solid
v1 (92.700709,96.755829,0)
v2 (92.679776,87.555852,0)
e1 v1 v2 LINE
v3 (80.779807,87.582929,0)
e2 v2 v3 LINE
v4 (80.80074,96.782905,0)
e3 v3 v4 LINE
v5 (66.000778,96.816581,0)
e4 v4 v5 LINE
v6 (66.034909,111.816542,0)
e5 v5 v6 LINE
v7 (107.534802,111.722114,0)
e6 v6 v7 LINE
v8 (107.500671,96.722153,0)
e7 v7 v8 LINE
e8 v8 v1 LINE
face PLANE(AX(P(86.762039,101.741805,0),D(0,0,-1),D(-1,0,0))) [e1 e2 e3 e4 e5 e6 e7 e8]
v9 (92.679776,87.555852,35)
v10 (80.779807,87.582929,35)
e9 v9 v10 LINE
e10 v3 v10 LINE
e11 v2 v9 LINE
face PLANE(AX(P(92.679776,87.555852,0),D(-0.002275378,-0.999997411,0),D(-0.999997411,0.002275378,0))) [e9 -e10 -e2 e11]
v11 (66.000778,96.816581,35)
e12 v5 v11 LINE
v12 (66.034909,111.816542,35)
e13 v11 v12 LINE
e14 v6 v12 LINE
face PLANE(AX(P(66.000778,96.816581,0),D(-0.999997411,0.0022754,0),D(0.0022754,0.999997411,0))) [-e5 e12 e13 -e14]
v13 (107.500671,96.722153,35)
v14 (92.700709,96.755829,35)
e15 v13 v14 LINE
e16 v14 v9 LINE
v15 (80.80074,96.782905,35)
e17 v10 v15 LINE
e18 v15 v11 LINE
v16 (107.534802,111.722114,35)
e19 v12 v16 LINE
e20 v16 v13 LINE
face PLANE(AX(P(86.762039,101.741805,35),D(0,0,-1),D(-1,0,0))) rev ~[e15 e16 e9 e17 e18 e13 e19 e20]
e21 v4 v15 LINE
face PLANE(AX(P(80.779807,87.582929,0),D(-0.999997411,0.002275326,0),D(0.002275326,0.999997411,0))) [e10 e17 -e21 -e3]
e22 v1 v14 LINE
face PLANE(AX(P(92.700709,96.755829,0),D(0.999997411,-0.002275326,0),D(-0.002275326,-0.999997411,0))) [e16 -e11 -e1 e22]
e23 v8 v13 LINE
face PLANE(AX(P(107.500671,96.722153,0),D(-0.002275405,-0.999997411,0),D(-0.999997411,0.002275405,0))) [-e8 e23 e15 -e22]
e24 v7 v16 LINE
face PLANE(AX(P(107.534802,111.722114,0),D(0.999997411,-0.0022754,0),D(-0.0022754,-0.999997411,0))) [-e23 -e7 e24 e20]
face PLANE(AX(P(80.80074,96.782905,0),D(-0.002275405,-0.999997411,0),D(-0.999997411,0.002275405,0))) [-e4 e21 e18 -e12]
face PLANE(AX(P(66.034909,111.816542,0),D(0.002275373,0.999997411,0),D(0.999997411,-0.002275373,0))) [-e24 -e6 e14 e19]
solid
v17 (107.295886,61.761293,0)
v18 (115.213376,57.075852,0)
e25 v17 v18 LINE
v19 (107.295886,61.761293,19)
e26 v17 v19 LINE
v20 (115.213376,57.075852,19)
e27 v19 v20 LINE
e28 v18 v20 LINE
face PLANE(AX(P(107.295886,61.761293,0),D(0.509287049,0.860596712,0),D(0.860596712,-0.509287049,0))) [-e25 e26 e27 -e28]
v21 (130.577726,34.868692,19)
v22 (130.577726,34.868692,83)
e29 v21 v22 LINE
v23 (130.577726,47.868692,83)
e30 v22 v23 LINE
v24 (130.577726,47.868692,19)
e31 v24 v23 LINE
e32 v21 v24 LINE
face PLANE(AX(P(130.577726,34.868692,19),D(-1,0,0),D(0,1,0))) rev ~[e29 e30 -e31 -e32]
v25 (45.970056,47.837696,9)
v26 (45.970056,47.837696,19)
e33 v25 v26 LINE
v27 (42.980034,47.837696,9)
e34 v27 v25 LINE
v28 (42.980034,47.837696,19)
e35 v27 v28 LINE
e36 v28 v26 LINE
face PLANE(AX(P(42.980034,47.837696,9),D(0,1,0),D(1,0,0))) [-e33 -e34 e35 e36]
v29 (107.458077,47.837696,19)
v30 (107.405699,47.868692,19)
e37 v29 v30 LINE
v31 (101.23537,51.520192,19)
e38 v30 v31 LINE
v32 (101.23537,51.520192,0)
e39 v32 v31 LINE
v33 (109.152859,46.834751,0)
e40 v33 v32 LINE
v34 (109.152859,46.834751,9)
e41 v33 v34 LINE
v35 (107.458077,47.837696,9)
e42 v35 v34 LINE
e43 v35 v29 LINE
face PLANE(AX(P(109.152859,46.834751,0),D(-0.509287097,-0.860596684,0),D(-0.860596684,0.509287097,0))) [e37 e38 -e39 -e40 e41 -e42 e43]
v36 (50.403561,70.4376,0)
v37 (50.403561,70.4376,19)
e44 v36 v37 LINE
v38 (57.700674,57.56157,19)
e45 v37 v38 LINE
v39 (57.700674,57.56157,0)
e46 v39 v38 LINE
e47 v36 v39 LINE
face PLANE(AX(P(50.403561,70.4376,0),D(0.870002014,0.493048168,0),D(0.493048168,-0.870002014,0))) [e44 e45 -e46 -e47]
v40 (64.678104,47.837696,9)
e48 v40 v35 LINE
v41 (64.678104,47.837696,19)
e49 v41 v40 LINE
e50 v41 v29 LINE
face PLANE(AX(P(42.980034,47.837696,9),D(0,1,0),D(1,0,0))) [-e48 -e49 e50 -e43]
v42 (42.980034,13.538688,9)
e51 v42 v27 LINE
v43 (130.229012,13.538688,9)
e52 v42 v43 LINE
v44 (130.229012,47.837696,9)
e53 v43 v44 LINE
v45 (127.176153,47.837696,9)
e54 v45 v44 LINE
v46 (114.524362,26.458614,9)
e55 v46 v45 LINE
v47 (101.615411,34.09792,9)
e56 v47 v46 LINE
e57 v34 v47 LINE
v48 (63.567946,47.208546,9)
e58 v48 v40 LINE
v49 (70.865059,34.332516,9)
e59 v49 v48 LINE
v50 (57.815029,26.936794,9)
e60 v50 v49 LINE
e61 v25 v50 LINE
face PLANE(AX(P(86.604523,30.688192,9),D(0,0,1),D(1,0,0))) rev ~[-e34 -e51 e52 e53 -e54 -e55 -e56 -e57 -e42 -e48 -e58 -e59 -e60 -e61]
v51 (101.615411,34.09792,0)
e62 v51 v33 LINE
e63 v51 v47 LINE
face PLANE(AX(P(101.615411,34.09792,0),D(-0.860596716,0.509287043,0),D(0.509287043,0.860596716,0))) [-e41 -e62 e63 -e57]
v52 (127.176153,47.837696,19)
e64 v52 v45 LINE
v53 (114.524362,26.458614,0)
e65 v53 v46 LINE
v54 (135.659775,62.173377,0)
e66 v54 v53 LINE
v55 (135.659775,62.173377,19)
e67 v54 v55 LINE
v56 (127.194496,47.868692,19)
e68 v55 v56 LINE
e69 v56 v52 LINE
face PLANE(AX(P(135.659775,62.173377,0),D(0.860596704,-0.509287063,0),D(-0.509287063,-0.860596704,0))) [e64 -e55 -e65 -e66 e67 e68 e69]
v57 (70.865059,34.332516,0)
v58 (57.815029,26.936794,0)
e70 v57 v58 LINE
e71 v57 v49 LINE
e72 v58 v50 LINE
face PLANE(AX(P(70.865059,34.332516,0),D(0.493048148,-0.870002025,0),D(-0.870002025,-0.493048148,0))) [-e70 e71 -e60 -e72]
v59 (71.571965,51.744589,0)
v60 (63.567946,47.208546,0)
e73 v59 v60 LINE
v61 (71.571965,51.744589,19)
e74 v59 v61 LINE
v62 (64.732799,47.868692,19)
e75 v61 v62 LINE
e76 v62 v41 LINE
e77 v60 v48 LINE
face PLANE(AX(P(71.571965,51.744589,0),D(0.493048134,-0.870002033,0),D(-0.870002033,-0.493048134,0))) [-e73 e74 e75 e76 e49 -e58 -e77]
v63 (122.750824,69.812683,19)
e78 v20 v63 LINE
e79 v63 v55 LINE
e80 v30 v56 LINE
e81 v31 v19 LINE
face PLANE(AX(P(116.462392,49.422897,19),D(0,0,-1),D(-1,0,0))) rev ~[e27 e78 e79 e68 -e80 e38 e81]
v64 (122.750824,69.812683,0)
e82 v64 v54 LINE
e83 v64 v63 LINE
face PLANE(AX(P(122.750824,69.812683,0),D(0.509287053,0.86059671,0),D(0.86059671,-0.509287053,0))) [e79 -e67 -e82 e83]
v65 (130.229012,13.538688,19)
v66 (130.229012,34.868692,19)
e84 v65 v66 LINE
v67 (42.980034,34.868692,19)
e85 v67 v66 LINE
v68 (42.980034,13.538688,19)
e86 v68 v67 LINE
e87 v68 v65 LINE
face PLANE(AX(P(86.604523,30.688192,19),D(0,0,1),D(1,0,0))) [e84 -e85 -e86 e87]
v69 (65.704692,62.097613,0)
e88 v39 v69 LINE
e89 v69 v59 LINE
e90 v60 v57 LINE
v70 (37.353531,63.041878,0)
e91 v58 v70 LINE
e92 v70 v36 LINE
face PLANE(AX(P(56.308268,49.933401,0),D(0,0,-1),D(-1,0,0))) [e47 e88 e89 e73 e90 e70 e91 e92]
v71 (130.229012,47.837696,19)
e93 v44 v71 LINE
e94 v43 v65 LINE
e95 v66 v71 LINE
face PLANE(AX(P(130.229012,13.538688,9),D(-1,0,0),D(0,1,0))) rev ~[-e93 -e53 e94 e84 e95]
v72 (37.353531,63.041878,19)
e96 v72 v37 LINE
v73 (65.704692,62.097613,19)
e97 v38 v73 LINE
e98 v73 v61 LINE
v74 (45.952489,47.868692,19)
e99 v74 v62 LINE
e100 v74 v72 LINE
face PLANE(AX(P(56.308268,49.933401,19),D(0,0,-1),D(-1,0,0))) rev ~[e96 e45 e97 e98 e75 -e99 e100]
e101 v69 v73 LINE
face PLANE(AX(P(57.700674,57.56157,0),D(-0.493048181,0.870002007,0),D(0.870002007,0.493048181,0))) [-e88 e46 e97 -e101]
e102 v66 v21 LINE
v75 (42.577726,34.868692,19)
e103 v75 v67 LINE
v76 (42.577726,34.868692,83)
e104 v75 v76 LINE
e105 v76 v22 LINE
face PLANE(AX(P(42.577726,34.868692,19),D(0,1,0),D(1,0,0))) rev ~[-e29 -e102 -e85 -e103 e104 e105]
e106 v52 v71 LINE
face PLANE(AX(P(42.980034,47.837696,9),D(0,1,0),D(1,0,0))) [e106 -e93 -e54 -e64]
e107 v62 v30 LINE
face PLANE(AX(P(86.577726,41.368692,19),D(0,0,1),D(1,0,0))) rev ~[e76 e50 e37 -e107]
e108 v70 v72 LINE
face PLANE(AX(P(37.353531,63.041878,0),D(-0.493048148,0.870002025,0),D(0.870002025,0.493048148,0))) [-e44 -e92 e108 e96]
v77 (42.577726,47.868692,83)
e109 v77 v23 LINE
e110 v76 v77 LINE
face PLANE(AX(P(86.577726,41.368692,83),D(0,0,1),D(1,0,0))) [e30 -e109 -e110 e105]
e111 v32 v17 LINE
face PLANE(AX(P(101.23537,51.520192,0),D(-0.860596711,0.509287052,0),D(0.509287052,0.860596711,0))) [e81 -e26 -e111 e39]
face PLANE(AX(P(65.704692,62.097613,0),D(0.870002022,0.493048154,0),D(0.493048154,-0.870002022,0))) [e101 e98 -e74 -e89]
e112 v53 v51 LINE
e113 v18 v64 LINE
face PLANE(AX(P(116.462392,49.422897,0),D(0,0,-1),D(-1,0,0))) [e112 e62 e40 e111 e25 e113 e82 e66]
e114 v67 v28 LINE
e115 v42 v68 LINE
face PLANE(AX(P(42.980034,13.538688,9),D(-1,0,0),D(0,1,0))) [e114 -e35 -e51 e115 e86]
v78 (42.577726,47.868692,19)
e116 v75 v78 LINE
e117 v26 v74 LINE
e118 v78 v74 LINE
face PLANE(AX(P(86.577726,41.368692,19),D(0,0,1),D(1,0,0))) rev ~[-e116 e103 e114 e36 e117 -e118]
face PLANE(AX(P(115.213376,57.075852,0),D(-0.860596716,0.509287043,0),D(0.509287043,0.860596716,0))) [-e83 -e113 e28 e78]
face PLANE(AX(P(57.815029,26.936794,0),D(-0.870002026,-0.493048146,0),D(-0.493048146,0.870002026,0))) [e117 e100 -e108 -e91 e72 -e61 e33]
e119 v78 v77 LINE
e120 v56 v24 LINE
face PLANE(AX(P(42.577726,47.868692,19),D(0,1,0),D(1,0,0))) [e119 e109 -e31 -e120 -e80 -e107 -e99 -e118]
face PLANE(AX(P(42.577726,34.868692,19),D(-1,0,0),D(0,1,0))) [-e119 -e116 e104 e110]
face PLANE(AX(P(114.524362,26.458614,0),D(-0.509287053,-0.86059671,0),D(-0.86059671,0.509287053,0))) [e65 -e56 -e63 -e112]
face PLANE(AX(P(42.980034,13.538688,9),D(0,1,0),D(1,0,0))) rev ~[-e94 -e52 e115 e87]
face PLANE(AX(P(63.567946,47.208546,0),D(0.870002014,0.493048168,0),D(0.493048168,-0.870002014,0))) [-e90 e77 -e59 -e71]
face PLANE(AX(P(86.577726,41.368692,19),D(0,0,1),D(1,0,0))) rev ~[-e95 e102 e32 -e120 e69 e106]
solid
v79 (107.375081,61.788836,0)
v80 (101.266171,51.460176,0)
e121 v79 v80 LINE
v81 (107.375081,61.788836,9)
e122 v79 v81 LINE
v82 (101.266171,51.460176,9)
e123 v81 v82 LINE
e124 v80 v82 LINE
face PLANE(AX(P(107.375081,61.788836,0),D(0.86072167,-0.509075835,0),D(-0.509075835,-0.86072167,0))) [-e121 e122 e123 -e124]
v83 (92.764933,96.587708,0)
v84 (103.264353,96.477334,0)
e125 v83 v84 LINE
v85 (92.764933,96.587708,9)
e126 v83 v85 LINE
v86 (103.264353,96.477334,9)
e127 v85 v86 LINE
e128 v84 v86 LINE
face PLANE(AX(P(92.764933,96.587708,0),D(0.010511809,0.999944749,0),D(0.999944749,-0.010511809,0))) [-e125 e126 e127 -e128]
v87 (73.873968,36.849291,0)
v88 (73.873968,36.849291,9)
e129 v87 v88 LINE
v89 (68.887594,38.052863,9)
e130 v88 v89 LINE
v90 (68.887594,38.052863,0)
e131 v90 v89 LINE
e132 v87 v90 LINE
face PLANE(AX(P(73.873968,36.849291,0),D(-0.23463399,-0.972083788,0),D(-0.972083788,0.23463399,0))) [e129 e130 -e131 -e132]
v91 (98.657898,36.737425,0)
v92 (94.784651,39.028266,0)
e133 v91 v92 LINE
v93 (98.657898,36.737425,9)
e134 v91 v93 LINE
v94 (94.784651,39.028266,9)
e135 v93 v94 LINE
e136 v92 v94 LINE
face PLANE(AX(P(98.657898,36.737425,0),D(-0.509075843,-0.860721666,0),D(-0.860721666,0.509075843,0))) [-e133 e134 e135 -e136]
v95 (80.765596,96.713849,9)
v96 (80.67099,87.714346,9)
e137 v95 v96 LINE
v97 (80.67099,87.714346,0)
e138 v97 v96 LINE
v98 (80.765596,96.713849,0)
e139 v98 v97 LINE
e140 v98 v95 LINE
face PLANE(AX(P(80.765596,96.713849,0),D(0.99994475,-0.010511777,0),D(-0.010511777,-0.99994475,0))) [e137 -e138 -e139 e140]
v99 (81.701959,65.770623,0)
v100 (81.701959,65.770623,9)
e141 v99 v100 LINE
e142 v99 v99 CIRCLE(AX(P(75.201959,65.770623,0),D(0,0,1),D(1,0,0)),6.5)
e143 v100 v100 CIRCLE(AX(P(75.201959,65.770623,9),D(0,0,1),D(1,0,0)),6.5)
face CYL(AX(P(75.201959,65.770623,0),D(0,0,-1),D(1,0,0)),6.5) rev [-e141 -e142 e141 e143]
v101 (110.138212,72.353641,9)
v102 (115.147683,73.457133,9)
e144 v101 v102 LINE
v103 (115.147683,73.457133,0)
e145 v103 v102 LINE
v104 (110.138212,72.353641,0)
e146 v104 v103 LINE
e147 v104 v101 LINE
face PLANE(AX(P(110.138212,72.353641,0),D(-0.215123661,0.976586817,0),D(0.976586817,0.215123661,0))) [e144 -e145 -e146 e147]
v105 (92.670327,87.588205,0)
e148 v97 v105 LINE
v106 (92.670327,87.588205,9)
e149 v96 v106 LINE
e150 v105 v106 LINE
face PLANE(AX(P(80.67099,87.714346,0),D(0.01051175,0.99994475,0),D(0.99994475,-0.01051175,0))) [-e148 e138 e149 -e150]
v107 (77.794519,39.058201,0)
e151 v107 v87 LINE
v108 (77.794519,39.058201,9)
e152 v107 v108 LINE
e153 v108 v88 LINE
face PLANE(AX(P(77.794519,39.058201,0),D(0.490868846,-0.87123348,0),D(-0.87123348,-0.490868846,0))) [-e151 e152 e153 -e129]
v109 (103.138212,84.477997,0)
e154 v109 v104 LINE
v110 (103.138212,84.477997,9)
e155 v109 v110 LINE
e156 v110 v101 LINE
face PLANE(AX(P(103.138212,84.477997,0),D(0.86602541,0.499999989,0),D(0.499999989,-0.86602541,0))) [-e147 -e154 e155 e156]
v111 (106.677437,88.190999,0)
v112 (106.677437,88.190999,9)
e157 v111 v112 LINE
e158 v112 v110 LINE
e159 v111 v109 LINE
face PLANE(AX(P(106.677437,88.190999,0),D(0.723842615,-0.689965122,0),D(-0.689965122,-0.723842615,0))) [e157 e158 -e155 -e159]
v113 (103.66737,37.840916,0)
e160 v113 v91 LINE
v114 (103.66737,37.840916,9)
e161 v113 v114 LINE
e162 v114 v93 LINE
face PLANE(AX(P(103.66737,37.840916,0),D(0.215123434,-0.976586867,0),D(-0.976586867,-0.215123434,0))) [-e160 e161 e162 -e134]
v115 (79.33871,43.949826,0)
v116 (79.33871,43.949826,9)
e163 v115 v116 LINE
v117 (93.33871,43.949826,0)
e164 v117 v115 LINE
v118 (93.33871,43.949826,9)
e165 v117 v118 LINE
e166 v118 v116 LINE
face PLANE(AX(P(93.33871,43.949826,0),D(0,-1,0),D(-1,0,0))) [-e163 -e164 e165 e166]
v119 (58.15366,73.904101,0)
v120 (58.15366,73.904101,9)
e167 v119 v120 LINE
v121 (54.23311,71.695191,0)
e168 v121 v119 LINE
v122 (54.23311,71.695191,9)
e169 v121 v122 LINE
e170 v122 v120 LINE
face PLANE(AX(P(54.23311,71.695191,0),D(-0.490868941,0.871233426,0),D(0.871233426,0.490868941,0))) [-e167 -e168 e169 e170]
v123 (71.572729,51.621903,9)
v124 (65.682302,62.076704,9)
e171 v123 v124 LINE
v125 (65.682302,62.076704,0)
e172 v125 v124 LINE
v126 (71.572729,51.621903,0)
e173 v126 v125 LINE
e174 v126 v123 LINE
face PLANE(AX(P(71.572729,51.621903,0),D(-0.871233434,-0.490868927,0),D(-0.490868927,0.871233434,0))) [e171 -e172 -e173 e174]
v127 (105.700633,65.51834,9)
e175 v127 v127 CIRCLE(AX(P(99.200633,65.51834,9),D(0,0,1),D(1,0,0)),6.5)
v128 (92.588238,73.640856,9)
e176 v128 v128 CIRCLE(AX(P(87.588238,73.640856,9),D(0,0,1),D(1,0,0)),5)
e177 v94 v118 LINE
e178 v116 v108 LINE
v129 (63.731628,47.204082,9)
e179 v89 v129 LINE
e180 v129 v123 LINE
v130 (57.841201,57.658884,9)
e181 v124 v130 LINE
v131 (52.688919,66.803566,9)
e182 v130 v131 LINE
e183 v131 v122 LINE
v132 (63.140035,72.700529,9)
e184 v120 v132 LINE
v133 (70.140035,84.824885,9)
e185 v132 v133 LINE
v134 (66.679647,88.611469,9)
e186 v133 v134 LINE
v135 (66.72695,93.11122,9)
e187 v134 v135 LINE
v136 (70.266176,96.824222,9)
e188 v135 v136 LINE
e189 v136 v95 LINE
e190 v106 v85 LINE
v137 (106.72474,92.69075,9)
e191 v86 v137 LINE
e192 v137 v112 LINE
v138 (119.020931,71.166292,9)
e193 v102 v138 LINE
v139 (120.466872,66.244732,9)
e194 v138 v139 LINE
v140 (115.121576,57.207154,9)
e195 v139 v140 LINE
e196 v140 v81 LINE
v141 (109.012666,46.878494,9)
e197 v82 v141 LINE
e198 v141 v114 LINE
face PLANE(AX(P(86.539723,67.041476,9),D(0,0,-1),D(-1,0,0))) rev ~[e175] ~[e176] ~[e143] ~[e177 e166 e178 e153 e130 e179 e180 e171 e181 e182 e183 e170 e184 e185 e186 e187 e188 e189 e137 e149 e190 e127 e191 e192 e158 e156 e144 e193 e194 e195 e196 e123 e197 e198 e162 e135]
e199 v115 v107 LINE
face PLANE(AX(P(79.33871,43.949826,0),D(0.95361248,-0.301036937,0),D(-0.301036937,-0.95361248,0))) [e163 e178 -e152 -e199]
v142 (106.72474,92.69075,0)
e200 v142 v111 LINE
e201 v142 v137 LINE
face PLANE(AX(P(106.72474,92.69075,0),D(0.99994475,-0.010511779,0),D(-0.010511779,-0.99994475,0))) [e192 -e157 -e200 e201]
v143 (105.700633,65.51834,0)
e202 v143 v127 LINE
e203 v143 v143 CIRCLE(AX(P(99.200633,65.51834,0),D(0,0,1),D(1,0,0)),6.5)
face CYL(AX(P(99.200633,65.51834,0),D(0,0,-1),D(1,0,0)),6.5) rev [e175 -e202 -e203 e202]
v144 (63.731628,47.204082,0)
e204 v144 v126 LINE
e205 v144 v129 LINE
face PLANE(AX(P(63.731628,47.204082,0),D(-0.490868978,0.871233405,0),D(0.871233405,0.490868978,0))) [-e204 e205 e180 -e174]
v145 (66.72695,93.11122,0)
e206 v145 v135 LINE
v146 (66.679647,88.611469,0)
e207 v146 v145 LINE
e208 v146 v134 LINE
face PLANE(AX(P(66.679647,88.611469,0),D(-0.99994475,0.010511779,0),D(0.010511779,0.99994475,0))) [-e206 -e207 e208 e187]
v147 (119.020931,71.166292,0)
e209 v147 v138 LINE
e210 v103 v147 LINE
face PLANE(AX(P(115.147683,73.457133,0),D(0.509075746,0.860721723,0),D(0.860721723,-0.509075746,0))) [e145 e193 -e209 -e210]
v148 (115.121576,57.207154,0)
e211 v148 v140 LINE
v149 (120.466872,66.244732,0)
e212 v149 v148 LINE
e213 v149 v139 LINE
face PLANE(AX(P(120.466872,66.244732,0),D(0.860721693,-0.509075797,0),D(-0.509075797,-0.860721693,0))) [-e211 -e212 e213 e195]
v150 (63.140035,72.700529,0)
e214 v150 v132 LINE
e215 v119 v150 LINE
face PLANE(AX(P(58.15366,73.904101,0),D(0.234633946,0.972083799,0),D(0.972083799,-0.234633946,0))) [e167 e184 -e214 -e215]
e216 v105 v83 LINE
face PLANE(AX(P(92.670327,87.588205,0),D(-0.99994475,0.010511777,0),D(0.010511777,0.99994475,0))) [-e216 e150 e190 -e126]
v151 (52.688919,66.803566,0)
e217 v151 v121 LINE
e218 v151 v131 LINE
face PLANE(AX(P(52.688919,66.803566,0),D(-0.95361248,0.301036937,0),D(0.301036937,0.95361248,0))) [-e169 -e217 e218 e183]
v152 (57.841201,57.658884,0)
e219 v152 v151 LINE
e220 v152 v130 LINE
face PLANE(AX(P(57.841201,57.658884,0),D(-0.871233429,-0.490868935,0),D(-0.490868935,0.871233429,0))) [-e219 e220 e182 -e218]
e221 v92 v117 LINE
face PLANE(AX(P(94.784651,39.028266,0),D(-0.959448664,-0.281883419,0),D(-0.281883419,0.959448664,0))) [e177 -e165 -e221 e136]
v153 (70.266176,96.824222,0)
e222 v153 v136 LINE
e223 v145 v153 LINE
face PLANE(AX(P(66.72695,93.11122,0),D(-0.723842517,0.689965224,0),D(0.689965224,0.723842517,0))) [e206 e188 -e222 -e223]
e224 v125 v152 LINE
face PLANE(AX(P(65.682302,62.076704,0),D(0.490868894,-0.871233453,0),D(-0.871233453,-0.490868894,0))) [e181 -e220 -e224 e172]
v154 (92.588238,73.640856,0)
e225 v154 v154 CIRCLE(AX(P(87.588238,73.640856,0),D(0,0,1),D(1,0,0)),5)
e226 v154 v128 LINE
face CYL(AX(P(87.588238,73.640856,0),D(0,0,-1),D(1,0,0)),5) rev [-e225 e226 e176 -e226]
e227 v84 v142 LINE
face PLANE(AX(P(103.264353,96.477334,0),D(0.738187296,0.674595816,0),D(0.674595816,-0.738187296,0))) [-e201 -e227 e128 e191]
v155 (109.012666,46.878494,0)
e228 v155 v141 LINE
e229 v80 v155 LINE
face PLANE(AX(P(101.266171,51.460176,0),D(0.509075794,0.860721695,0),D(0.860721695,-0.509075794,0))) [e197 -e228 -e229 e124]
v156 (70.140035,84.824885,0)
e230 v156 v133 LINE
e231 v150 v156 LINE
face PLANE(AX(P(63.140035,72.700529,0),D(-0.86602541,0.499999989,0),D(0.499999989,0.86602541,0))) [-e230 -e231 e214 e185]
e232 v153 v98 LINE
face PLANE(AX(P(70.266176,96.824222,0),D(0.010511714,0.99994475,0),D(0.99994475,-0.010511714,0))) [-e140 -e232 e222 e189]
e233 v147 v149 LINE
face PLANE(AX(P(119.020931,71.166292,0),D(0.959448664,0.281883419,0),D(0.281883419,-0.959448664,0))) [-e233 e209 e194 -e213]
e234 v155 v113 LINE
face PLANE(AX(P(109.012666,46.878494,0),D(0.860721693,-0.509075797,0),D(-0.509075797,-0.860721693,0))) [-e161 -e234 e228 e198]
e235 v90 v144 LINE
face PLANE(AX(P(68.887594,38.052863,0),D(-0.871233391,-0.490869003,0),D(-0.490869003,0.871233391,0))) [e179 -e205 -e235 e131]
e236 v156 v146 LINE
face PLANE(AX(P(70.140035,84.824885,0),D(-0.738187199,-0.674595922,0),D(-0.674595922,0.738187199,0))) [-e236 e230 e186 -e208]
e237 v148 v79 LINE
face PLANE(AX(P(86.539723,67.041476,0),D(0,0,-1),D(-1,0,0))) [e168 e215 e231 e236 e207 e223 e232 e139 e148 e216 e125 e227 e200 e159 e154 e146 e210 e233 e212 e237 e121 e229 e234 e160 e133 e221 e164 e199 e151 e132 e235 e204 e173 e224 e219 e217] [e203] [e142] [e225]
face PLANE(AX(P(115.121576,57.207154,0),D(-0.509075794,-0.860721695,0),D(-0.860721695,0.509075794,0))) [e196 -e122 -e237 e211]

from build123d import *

# Parameters (mm, degrees)
SKETCH001_R      = 5
SKETCH001_R_2    = 6.5
EXTRUDE_DEPTH    = 9
SKETCH004_W      = 87.248978
SKETCH004_H      = 34.299007
EXTRUDE004_DEPTH = 10
EXTRUDE002_DEPTH = 19
EXTRUDE001_DEPTH = 19
EXTRUDE003_DEPTH = 35
SKETCH005_W      = 88
SKETCH005_H      = 13
EXTRUDE005_DEPTH = 64


with BuildPart() as extrude_body:
    # Sketch001 → Extrude (new body)
    with BuildSketch(Plane(origin=(11, 13, 0), x_dir=(1, 0, 0), z_dir=(0, 0, 1))):
        Polygon((92.138212, 71.477997), (99.138212, 59.353641), (104.147683, 60.457133), (108.020931, 58.166292), (109.466872, 53.244732), (104.121576, 44.207154), (96.375081, 48.788836), (90.266171, 38.460176), (98.012666, 33.878494), (92.66737, 24.840916), (87.657898, 23.737425), (83.784651, 26.028266), (82.33871, 30.949826), (68.33871, 30.949826), (66.794519, 26.058201), (62.873968, 23.849291), (57.887594, 25.052863), (52.731628, 34.204082), (60.572729, 38.621903), (54.682302, 49.076704), (46.841201, 44.658884), (41.688919, 53.803566), (43.23311, 58.695191), (47.15366, 60.904101), (52.140035, 59.700529), (59.140035, 71.824885), (55.679647, 75.611469), (55.72695, 80.11122), (59.266176, 83.824222), (69.765596, 83.713849), (69.67099, 74.714346), (81.670327, 74.588205), (81.764933, 83.587708), (92.264353, 83.477334), (95.72474, 79.69075), (95.677437, 75.190999), align=None)
        with Locations((76.588238, 60.640856)):
            Circle(SKETCH001_R, mode=Mode.SUBTRACT)
        with Locations((64.201959, 52.770623)):
            Circle(SKETCH001_R_2, mode=Mode.SUBTRACT)
        with Locations((88.200633, 52.51834)):
            Circle(SKETCH001_R_2, mode=Mode.SUBTRACT)
    extrude(amount=EXTRUDE_DEPTH)


with BuildPart() as extrude004:
    # Sketch004 → Extrude004 (new body)
    with BuildSketch(Plane.XY):
        with Locations((83.604523, 30.688192)):
            Rectangle(SKETCH004_W, SKETCH004_H)
    extrude(amount=EXTRUDE004_DEPTH)


with BuildPart() as extrude004_1:
    # Extrude004 placement: moved
    add(extrude004.part.moved(Location((3, 0, 9))))


with BuildPart() as extrude002:
    # Sketch002 → Extrude002 (new body)
    with BuildSketch(Plane.XY):
        Polygon((114.524362, 26.458614), (101.615411, 34.09792), (109.152859, 46.834751), (101.23537, 51.520192), (107.295886, 61.761293), (115.213376, 57.075852), (122.750824, 69.812683), (135.659775, 62.173377), align=None)
    extrude(amount=EXTRUDE002_DEPTH)


with BuildPart() as extrude001:
    # Sketch → Extrude001 (new body)
    with BuildSketch(Plane.XY):
        Polygon((37.353531, 63.041878), (50.403561, 70.4376), (57.700674, 57.56157), (65.704692, 62.097613), (71.571965, 51.744589), (63.567946, 47.208546), (70.865059, 34.332516), (57.815029, 26.936794), align=None)
    extrude(amount=EXTRUDE001_DEPTH)


with BuildPart() as extrude003:
    # Sketch003 → Extrude003 (new body)
    with BuildSketch(Plane.XY):
        Polygon((107.534802, 111.722114), (107.500671, 96.722153), (92.700709, 96.755829), (92.679776, 87.555852), (80.779807, 87.582929), (80.80074, 96.782905), (66.000778, 96.816581), (66.034909, 111.816542), align=None)
    extrude(amount=EXTRUDE003_DEPTH)


with BuildPart() as suporteteste:
    # Sketch005 → Extrude005 (new body)
    with BuildSketch(Plane.XY):
        with Locations((83.577726, 41.368692)):
            Rectangle(SKETCH005_W, SKETCH005_H)
    extrude(amount=EXTRUDE005_DEPTH)


with BuildPart() as suporteteste_1:
    # Extrude005 placement: moved
    add(suporteteste.part.moved(Location((3, 0, 19))))

    # Fusion: union Extrude004, Extrude002, Extrude001, Extrude003
    add(extrude004_1.part)
    add(extrude002.part)
    add(extrude001.part)
    add(extrude003.part)


solid = Compound([extrude_body.part, suporteteste_1.part])
